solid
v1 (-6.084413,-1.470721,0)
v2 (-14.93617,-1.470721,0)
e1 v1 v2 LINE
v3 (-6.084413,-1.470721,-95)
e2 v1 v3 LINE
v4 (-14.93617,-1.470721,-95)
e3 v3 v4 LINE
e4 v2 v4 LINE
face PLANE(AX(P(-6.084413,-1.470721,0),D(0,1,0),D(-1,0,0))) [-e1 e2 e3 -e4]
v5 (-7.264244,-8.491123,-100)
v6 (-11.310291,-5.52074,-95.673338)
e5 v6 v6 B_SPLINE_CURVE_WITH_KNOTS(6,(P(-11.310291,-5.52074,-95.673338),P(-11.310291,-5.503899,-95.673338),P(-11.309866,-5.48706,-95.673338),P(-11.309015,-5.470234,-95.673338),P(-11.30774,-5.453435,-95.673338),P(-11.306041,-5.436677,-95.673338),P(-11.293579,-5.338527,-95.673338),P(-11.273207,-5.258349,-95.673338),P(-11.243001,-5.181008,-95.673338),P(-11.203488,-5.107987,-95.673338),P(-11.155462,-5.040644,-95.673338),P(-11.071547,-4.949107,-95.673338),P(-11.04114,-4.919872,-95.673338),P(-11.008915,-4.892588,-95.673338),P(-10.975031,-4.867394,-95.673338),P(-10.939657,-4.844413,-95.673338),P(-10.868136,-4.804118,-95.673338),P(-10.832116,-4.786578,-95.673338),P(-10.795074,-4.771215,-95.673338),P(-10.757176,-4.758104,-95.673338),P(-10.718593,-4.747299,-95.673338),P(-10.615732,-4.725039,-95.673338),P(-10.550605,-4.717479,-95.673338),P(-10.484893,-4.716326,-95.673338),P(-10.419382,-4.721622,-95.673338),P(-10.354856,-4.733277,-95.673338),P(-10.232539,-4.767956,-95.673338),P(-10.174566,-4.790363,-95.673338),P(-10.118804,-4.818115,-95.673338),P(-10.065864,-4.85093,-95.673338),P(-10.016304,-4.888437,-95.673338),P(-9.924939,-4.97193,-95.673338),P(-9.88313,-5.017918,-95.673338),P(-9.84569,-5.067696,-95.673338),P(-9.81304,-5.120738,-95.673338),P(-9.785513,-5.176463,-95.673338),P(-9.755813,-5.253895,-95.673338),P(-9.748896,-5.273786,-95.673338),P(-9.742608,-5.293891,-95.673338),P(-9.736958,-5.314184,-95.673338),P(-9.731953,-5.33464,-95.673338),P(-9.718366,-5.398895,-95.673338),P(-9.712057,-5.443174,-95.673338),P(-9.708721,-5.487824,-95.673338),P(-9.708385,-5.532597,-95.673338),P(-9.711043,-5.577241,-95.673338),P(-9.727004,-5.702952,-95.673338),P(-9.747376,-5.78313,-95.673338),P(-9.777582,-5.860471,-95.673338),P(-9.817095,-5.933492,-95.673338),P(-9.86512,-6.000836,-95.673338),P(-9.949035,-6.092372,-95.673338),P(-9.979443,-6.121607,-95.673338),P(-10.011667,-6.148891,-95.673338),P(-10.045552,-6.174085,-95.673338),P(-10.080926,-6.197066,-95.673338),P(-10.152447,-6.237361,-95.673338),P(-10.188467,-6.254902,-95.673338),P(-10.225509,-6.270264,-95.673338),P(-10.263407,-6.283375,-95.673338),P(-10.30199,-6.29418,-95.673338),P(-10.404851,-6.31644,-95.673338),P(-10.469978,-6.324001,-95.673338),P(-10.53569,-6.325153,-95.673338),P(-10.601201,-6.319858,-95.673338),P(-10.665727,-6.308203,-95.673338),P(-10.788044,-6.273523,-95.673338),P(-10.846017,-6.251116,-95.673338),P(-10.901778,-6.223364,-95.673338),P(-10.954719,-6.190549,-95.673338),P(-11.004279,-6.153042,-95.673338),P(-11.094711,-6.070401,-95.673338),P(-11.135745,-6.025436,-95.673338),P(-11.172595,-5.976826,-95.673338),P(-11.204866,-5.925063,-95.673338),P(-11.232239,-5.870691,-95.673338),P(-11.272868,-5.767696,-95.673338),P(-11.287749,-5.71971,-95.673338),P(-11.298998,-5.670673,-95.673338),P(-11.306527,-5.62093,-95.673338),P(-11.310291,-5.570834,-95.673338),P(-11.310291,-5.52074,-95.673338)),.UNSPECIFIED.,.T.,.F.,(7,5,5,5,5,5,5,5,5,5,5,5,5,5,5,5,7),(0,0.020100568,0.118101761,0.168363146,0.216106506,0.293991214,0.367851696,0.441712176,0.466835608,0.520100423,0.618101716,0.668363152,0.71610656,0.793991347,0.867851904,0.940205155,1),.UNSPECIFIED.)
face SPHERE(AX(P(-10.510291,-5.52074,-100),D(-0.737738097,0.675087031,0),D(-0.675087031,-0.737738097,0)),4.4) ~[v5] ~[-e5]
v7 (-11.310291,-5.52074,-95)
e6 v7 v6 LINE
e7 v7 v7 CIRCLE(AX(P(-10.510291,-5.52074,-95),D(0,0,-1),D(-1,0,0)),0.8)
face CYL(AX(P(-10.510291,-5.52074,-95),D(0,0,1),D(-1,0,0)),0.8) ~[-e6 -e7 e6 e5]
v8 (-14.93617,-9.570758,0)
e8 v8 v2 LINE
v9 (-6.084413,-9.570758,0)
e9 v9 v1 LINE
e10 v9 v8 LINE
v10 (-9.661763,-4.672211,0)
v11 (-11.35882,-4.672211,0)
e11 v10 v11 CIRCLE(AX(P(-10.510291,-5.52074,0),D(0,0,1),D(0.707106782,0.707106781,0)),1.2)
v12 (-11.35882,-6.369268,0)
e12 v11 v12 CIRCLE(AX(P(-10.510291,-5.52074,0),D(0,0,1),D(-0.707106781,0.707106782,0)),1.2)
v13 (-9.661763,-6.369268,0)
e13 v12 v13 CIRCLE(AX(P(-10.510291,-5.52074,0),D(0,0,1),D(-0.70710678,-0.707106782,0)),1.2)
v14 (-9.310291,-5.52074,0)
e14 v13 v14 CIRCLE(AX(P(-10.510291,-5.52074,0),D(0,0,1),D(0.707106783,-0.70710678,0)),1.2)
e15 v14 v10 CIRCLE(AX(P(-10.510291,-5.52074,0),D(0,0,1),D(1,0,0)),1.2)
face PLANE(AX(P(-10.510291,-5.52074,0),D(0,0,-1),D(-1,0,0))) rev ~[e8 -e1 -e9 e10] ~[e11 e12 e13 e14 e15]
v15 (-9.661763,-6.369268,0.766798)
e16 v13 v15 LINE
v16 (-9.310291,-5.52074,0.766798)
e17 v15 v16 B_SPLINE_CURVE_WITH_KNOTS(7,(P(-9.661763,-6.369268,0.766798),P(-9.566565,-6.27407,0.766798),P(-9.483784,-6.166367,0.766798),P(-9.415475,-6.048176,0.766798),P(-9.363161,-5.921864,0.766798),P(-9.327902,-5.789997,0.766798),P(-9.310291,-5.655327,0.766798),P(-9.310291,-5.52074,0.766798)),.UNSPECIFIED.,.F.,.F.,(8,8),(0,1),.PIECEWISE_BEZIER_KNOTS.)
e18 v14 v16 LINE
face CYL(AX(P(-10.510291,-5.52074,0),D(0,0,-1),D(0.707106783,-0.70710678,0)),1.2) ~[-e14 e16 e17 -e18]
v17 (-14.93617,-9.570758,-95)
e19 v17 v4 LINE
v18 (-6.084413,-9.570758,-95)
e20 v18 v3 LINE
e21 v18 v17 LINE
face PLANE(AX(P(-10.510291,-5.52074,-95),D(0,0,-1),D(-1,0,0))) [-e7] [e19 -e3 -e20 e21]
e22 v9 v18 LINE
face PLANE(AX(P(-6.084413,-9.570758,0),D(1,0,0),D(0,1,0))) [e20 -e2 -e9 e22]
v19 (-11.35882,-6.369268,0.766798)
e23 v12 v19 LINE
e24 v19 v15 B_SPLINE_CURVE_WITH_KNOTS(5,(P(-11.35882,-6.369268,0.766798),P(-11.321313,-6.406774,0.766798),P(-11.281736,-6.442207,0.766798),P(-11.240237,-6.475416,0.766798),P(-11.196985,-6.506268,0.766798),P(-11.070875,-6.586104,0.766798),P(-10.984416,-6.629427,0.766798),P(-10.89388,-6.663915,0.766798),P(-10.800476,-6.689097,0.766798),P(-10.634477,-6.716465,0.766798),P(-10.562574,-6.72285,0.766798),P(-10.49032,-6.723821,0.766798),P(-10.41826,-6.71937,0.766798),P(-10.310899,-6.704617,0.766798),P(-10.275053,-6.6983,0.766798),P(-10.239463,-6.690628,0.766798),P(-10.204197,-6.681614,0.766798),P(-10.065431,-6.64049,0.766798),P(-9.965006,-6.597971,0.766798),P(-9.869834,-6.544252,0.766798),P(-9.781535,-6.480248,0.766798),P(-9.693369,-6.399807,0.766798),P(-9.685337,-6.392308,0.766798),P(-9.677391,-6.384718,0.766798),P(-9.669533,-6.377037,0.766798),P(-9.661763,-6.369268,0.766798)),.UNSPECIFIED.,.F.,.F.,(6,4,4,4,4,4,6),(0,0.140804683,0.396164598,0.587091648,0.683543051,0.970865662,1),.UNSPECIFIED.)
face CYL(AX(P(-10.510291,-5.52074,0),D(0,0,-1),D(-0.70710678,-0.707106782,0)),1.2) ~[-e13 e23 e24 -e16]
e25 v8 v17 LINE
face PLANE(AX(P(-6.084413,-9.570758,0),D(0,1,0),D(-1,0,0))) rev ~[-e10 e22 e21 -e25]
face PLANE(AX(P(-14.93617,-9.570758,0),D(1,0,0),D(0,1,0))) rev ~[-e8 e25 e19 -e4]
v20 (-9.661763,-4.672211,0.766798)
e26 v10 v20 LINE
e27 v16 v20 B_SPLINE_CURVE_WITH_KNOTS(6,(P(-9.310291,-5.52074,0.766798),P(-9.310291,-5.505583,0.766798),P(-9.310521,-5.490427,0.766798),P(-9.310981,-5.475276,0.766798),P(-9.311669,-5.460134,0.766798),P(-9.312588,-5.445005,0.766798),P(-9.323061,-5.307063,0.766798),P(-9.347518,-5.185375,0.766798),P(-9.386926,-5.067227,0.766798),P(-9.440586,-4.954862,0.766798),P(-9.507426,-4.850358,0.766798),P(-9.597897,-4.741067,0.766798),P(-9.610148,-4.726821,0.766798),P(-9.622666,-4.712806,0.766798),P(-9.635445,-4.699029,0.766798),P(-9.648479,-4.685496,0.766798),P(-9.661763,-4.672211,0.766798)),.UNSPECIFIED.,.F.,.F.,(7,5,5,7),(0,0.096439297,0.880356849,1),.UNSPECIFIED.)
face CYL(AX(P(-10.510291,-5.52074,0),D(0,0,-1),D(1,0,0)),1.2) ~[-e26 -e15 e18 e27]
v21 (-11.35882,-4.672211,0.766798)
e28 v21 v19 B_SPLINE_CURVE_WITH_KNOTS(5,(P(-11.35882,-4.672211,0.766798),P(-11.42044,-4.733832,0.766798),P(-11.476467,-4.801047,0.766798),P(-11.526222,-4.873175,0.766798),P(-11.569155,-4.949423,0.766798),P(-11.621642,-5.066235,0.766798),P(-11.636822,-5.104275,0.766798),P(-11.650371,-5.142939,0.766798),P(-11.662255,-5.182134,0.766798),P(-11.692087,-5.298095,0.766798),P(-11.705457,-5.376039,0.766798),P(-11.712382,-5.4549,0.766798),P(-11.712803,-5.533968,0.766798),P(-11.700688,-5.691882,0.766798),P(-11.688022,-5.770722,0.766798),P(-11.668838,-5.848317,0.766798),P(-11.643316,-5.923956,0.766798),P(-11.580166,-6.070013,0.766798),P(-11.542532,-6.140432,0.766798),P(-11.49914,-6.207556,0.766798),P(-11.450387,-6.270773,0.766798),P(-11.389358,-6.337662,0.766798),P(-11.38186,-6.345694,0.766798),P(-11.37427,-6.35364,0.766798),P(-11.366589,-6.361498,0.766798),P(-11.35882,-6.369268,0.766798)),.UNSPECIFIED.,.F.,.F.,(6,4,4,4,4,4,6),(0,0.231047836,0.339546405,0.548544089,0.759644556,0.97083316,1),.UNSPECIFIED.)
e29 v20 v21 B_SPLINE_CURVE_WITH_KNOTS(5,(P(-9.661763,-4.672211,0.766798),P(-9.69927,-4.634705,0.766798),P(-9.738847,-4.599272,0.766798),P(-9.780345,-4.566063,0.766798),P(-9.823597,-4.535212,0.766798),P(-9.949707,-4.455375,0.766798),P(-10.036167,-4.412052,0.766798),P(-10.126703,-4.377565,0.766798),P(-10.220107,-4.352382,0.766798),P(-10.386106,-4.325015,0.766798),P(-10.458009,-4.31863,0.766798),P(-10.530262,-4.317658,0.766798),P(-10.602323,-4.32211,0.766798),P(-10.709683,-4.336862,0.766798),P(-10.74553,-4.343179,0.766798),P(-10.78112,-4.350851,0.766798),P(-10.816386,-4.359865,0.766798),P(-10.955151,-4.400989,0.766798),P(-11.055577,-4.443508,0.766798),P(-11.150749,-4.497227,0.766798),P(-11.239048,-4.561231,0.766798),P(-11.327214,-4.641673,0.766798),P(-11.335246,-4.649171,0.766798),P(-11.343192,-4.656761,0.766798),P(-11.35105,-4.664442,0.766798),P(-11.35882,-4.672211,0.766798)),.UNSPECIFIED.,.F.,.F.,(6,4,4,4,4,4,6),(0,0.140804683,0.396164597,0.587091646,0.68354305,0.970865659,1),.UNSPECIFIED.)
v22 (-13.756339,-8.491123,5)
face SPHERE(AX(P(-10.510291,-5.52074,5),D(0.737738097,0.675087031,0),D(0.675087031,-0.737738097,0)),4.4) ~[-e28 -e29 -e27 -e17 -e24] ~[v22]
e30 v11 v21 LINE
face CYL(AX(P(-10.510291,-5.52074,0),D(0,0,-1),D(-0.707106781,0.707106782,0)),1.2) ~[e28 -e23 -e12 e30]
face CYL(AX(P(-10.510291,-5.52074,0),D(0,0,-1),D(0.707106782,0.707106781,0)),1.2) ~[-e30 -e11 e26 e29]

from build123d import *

# Parameters (mm, degrees)
EXTRUDE_1_DEPTH = 5
SKETCH_3_W      = 8.851756477
SKETCH_3_H      = 8.100037161
EXTRUDE_2_DEPTH = 95
SKETCH_7_R      = 0.8
EXTRUDE_3_DEPTH = 5


with BuildPart() as part:
    # 草图1 → 凸台-拉伸1 (new body)
    with BuildSketch(Plane.XY):
        with BuildLine():
            ThreePointArc((-9.310291372, -5.5207396), (-9.401635933, -5.061519481), (-9.661763234, -4.672211463))
            Line((-9.661763234, -4.672211463), (-10.510291372, -5.5207396))
            Line((-10.510291372, -5.5207396), (-9.661763234, -6.369267738))
            ThreePointArc((-9.661763234, -6.369267738), (-9.401635933, -5.979959719), (-9.310291372, -5.5207396))
        make_face()
        with BuildLine():
            Line((-10.510291372, -5.5207396), (-9.661763234, -4.672211463))
            ThreePointArc((-9.661763234, -4.672211463), (-10.510291372, -4.3207396), (-11.358819509, -4.672211463))
            Line((-11.358819509, -4.672211463), (-10.510291372, -5.5207396))
        make_face()
        with BuildLine():
            Line((-9.661763234, -6.369267738), (-10.510291372, -5.5207396))
            Line((-10.510291372, -5.5207396), (-11.358819509, -6.369267738))
            ThreePointArc((-11.358819509, -6.369267738), (-10.510291372, -6.7207396), (-9.661763234, -6.369267738))
        make_face()
        with BuildLine():
            Line((-11.358819509, -6.369267738), (-10.510291372, -5.5207396))
            Line((-10.510291372, -5.5207396), (-11.358819509, -4.672211463))
            ThreePointArc((-11.358819509, -4.672211463), (-11.710291372, -5.5207396), (-11.358819509, -6.369267738))
        make_face()
    extrude(amount=EXTRUDE_1_DEPTH)

    # 草图2 → 旋转2 (revolve)
    with BuildSketch(Plane.XY.offset(5)):
        with BuildLine():
            Line((-7.264243744, -2.550356662), (-13.756338999, -8.491122538))
            ThreePointArc((-13.756338999, -8.491122538), (-7.539908434, -8.766787228), (-7.264243744, -2.550356662))
        make_face()
    revolve(axis=Axis((-7.264243744, -2.550356662, 5), (-0.737738097, -0.675087031, 0)))

    # 草图3 → 凸台-拉伸2 (add)
    with BuildSketch(Plane(origin=(0, 0, 0), x_dir=(-1, 0, 0), z_dir=(0, 0, -1))):
        with Locations((10.510291371, -5.520739601)):
            Rectangle(SKETCH_3_W, SKETCH_3_H)
    extrude(amount=EXTRUDE_2_DEPTH)

    # 草图7 → 凸台-拉伸3 (add)
    with BuildSketch(Plane(origin=(0, 0, -95), x_dir=(-1, 0, 0), z_dir=(0, 0, -1))):
        with Locations((10.510291372, -5.5207396)):
            Circle(SKETCH_7_R)
    extrude(amount=EXTRUDE_3_DEPTH)

    # 草图5 one side → 旋转4 (revolve)
    with BuildSketch(Plane(origin=(0, 0, -100), x_dir=(-1, 0, 0), z_dir=(0, 0, -1))):
        with BuildLine():
            ThreePointArc((9.920100894, -6.060809225), (10.799987435, -6.266444764), (11.310291372, -5.5207396))
            ThreePointArc((11.310291372, -5.5207396), (11.255996535, -5.231043537), (11.100481849, -4.980669975))
            Line((11.100481849, -4.980669975), (9.920100894, -6.060809225))
        make_face()
        with BuildLine():
            ThreePointArc((7.264243744, -8.491122538), (13.48067431, -8.766787228), (13.756338999, -2.550356662))
            Line((13.756338999, -2.550356662), (7.264243744, -8.491122538))
        make_face()
    revolve(axis=Axis((-13.756338999, -2.550356662, -100), (0.737738097, -0.675087031, 0)))


solid = part.part
